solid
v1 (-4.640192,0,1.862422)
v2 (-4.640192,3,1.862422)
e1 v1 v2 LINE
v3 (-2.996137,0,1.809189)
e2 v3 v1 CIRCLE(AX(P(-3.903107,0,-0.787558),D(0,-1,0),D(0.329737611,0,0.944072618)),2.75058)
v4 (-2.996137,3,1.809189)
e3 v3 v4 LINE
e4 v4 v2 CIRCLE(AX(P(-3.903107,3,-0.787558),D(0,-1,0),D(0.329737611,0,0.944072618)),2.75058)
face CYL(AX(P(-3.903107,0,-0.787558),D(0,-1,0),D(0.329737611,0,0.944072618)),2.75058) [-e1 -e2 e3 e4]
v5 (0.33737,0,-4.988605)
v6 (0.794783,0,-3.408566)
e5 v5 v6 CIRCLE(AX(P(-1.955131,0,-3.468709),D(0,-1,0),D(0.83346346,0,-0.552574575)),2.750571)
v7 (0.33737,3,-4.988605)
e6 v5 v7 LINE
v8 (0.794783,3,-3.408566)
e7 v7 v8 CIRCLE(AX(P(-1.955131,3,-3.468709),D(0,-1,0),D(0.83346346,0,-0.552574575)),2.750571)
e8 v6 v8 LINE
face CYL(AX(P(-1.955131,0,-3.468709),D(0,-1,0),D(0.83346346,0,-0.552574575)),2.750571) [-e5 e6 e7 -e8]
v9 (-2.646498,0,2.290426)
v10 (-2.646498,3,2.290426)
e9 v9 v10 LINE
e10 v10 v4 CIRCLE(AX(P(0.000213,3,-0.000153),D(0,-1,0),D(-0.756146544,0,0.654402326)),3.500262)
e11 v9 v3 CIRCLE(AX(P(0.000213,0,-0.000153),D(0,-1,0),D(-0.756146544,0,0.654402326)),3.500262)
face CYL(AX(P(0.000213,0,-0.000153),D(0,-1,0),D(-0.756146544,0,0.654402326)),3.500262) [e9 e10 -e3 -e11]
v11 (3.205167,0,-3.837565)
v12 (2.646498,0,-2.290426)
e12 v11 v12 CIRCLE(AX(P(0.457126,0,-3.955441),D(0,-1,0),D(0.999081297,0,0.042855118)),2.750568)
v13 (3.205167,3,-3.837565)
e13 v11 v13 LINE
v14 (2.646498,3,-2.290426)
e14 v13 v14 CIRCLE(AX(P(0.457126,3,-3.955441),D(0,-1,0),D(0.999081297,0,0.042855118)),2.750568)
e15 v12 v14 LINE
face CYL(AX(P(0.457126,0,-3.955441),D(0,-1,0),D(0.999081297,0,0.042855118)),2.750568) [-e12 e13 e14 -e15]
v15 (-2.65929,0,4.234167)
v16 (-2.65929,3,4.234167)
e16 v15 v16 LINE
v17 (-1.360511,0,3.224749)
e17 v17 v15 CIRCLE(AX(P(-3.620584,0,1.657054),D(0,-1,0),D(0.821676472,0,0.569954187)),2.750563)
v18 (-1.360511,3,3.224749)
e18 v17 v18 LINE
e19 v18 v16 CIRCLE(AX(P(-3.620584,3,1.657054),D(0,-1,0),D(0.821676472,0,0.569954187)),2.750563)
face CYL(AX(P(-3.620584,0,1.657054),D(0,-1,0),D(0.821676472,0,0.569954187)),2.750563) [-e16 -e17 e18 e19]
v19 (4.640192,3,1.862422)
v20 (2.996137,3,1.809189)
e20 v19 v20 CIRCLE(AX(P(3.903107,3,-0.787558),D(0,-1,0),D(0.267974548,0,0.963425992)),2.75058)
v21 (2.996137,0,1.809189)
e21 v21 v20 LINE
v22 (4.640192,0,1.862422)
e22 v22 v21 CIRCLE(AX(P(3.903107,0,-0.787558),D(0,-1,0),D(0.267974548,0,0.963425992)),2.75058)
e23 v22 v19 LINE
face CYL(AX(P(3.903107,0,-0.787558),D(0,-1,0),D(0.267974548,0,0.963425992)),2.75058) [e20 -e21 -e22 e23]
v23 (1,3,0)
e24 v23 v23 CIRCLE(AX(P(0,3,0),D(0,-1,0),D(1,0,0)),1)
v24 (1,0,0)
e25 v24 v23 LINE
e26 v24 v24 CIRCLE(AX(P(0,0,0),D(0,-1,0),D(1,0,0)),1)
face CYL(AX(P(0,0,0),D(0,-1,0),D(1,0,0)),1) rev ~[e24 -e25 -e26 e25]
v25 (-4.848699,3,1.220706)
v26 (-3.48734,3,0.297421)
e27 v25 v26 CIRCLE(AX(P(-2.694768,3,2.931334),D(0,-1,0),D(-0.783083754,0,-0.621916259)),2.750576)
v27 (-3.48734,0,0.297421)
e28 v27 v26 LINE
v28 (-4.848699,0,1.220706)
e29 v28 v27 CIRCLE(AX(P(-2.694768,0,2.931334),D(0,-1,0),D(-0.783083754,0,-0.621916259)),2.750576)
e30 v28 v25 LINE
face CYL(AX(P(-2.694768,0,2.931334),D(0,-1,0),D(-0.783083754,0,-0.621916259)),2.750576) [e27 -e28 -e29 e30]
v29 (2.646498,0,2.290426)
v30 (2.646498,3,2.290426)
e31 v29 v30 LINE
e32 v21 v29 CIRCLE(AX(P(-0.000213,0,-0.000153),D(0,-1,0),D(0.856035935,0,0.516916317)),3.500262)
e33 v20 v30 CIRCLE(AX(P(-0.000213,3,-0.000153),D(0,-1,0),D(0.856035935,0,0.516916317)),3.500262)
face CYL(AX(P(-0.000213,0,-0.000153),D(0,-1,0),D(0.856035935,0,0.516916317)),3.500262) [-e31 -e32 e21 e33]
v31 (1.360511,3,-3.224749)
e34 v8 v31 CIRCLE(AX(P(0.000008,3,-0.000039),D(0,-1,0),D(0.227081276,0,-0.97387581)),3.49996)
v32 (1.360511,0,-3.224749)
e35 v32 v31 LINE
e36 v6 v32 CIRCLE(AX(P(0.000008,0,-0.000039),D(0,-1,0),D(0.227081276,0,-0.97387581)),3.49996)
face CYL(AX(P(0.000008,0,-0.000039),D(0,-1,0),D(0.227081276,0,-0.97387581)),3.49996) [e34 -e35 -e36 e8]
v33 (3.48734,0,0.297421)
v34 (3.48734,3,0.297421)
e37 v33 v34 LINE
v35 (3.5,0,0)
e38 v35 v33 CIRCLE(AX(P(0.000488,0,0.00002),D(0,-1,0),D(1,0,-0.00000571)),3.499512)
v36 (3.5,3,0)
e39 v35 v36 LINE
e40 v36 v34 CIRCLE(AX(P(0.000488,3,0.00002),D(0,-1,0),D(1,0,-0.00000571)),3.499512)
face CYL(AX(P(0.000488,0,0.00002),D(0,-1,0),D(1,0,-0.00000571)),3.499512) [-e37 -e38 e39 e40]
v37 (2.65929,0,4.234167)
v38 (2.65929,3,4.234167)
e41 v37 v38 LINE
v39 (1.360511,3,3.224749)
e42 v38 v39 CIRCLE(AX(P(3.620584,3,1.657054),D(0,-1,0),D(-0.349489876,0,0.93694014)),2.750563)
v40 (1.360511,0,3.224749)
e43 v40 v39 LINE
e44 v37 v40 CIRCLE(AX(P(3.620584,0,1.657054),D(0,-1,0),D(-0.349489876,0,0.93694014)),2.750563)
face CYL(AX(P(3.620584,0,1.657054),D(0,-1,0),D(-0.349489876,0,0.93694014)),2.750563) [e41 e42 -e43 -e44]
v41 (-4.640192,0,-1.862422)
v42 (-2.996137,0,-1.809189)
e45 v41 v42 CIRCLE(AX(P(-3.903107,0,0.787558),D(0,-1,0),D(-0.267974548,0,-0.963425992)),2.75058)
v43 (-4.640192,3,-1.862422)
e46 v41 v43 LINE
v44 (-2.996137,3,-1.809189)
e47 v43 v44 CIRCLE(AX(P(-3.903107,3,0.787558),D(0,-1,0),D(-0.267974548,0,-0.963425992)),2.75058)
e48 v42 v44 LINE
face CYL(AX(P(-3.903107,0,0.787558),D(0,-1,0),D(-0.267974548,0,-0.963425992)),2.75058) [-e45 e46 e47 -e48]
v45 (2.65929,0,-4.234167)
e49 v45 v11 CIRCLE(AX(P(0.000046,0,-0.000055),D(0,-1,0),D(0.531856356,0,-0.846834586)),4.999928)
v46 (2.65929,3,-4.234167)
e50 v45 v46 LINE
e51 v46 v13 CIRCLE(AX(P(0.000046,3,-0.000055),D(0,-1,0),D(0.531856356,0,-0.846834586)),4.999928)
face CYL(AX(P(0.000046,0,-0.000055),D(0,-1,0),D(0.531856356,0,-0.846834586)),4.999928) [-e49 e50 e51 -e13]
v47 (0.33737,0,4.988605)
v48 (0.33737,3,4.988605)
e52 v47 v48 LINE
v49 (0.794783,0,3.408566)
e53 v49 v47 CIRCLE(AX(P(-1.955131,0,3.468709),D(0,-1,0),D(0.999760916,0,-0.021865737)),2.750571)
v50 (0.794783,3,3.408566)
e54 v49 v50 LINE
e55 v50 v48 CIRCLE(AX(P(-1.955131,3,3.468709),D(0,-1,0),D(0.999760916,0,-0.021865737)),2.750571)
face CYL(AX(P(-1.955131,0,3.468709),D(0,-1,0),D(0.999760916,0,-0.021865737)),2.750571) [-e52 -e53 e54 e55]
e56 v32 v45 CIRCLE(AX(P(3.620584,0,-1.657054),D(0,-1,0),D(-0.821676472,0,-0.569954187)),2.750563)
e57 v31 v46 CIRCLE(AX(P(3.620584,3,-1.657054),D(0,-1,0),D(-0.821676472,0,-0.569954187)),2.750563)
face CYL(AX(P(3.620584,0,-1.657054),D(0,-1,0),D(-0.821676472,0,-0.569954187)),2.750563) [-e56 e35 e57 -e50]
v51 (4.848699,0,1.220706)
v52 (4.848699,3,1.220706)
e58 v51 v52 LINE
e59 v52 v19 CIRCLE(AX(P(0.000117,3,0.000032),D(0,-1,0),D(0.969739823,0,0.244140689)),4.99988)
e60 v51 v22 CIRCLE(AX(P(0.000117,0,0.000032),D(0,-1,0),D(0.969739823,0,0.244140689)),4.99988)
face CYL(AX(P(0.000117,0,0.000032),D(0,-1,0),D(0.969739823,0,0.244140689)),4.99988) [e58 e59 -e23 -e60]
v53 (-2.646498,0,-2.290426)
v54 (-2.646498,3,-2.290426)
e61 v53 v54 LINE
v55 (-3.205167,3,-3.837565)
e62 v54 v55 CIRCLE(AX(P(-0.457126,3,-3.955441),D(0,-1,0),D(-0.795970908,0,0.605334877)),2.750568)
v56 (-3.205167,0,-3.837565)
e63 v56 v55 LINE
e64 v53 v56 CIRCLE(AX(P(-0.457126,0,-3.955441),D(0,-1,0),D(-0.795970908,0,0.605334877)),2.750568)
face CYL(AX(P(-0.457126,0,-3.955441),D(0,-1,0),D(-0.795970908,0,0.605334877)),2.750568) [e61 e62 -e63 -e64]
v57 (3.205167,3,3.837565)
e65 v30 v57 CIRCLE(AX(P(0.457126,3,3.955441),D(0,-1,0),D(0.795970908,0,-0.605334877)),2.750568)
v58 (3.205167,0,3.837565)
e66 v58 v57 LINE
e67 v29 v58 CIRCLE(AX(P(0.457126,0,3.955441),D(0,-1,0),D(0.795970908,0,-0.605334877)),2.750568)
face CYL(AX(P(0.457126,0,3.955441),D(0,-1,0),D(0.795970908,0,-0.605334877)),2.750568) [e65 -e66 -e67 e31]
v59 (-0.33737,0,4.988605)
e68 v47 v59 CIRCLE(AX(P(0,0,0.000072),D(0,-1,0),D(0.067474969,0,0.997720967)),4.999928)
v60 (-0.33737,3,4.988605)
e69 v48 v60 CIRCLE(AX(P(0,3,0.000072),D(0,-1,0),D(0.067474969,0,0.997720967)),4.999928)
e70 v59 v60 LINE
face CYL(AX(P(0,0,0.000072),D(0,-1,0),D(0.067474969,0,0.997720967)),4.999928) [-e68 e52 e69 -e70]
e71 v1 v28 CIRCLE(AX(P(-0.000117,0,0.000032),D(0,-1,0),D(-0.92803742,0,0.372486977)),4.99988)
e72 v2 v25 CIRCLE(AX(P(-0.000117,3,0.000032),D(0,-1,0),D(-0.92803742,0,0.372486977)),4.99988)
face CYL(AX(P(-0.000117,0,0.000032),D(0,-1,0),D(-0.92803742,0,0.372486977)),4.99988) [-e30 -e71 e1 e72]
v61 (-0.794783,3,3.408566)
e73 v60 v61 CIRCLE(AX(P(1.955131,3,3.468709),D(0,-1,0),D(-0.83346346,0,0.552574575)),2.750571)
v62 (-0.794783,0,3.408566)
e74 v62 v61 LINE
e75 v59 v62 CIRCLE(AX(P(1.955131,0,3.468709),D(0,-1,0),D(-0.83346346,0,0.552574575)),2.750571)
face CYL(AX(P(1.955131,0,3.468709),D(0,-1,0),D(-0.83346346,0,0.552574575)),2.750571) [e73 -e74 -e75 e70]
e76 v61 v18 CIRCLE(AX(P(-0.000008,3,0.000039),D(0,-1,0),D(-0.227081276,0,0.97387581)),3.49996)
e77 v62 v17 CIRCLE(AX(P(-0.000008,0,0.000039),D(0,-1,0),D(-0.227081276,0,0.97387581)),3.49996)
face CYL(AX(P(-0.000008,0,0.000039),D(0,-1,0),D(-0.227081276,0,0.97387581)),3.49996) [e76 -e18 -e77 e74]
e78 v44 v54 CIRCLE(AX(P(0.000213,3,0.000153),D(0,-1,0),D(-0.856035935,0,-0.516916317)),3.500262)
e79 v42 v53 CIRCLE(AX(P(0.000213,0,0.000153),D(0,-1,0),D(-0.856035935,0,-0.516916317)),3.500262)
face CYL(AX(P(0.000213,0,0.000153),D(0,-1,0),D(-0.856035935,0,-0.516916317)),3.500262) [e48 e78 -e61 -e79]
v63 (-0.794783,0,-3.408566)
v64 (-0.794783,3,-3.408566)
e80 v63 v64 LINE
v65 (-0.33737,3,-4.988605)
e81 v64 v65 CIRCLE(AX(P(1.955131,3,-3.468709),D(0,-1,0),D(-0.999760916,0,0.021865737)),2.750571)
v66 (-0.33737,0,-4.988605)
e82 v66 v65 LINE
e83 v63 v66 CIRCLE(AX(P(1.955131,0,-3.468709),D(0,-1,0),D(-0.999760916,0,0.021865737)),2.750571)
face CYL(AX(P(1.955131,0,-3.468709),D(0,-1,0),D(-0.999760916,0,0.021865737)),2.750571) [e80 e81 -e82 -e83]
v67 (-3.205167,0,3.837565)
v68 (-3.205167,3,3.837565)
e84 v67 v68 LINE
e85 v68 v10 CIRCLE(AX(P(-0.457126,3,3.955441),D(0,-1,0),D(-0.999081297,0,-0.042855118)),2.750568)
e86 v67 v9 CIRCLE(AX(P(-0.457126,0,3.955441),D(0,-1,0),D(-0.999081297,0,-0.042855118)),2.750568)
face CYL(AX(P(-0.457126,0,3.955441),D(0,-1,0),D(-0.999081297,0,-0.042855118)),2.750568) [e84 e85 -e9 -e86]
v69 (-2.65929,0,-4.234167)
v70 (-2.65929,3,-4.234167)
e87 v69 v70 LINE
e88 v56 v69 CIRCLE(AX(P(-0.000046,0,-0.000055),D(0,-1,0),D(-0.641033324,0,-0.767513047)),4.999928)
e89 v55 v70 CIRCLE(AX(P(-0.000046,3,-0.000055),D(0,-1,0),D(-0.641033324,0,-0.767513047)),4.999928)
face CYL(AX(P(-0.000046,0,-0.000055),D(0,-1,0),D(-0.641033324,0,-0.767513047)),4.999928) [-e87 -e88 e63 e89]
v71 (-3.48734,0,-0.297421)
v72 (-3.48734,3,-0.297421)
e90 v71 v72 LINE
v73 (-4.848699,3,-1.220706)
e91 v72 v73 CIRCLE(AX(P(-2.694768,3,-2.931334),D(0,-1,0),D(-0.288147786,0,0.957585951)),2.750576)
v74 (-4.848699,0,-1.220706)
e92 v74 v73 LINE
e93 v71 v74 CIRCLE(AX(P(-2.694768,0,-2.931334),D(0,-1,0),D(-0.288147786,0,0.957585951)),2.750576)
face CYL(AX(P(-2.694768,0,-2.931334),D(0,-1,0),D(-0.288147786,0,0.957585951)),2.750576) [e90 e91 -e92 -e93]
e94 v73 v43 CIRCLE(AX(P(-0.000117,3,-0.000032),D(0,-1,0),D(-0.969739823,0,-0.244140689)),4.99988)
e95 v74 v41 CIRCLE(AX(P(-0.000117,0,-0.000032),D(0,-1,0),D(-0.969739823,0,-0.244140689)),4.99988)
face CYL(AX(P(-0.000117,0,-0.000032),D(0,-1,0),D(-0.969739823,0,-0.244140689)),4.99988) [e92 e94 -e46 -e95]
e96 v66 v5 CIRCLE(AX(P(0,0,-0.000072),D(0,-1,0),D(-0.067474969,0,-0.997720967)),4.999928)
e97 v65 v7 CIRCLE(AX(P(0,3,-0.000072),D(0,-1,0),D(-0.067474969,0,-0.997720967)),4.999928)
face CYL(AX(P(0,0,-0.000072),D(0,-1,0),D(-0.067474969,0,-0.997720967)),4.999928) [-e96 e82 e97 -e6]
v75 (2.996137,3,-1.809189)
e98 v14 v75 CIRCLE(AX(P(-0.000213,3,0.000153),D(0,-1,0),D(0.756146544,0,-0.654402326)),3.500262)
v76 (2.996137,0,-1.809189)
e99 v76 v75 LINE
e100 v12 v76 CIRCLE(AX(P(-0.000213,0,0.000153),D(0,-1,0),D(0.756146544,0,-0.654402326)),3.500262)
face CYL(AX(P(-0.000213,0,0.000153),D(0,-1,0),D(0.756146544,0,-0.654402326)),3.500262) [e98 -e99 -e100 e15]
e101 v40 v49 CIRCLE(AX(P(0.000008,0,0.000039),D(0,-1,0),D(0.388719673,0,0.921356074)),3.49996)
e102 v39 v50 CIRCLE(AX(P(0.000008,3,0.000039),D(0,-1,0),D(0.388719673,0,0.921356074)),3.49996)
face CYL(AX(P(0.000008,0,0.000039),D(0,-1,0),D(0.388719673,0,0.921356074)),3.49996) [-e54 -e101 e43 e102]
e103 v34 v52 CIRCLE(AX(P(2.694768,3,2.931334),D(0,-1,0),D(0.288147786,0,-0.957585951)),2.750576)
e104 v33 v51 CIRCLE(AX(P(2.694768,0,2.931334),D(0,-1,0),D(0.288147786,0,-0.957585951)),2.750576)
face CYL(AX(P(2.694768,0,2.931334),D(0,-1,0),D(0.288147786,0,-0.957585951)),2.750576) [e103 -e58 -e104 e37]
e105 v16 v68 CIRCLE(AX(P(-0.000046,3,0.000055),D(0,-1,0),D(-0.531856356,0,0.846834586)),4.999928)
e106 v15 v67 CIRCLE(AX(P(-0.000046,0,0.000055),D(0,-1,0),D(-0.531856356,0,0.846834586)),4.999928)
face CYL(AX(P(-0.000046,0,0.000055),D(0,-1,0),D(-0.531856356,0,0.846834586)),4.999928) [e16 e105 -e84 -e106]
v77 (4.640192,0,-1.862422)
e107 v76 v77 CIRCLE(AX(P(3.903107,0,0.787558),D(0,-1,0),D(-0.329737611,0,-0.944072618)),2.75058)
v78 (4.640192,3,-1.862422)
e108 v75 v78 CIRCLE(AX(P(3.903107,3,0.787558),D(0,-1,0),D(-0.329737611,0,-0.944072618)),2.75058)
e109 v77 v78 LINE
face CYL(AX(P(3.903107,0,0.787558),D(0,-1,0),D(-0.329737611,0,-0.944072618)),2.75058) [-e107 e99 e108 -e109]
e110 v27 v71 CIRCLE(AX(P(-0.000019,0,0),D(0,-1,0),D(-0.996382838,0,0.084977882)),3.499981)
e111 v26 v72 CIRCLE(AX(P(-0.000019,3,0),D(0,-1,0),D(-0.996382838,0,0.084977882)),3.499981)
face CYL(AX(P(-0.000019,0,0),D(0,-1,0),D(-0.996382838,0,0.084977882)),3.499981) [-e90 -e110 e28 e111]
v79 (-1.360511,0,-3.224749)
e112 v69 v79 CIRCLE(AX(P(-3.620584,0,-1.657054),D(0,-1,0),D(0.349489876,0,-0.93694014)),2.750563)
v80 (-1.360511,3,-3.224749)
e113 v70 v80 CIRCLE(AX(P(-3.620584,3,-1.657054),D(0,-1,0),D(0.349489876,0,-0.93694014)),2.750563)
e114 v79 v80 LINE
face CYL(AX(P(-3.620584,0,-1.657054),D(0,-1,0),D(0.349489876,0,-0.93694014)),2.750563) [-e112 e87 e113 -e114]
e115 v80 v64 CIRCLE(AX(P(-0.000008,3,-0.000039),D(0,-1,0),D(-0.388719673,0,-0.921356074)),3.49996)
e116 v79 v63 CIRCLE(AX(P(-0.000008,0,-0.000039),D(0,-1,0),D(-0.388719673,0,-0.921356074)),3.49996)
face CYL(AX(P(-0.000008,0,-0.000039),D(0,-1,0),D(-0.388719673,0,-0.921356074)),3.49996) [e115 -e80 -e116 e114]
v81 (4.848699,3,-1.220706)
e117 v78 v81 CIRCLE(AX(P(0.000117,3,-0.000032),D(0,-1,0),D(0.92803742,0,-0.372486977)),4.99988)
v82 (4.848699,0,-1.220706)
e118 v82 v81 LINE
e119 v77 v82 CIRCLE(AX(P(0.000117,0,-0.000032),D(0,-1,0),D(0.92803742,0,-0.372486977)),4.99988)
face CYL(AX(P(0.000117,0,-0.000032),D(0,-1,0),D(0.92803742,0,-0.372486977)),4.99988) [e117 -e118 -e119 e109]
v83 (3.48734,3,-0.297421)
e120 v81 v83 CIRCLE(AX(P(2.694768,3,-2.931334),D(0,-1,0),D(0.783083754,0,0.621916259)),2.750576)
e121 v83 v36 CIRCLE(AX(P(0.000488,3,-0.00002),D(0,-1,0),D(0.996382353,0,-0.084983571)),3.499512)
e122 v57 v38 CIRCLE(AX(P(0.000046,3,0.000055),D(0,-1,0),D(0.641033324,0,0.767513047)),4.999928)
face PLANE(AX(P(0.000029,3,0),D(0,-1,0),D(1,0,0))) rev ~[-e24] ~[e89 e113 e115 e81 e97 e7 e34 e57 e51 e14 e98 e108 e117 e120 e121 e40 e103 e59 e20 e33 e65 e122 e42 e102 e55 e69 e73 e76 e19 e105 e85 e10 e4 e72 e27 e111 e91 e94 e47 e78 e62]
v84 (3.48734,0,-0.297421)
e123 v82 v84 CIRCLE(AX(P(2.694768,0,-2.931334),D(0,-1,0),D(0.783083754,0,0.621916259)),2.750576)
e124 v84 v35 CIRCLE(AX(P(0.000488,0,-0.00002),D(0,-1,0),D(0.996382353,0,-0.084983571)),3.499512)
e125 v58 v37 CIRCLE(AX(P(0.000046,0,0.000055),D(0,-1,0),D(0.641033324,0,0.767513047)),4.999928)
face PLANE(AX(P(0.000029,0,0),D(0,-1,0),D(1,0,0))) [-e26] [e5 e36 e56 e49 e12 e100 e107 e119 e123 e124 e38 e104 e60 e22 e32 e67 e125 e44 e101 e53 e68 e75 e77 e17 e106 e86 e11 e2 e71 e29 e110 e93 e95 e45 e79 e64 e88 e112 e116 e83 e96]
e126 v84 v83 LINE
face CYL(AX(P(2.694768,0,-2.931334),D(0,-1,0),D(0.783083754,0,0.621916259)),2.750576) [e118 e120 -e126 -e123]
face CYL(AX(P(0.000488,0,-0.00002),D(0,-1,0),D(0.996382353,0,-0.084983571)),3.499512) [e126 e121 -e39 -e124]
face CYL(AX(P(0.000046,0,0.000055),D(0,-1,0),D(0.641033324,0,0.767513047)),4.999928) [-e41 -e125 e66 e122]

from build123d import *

# Parameters (mm, degrees)
F1_DEPTH = 3
F2_R     = 1
F3_DEPTH = 3.001


with BuildPart() as f1:
    # F0 (on Front) → F1 (new body)
    with BuildSketch(Plane.XZ):
        with BuildLine():
            ThreePointArc((3.48734, -0.297421), (3.496834, -0.148845), (3.5, 0))
            ThreePointArc((3.5, 0), (3.496834, 0.148845), (3.48734, 0.297421))
            ThreePointArc((3.48734, 0.297421), (3.328698, 1.081559), (2.996137, 1.809189))
            ThreePointArc((2.996137, 1.809189), (2.831559, 2.057248), (2.646498, 2.290426))
            ThreePointArc((2.646498, 2.290426), (2.057248, 2.831559), (1.360511, 3.224749))
            ThreePointArc((1.360511, 3.224749), (1.081559, 3.328698), (0.794783, 3.408566))
            ThreePointArc((0.794783, 3.408566), (0, 3.5), (-0.794783, 3.408566))
            ThreePointArc((-0.794783, 3.408566), (-1.081559, 3.328698), (-1.360511, 3.224749))
            ThreePointArc((-1.360511, 3.224749), (-2.057248, 2.831559), (-2.646498, 2.290426))
            ThreePointArc((-2.646498, 2.290426), (-2.831559, 2.057248), (-2.996137, 1.809189))
            ThreePointArc((-2.996137, 1.809189), (-3.328698, 1.081559), (-3.48734, 0.297421))
            ThreePointArc((-3.48734, 0.297421), (-3.5, 0), (-3.48734, -0.297421))
            ThreePointArc((-3.48734, -0.297421), (-3.328698, -1.081559), (-2.996137, -1.809189))
            ThreePointArc((-2.996137, -1.809189), (-2.831559, -2.057248), (-2.646498, -2.290426))
            ThreePointArc((-2.646498, -2.290426), (-2.057248, -2.831559), (-1.360511, -3.224749))
            ThreePointArc((-1.360511, -3.224749), (-1.081559, -3.328698), (-0.794783, -3.408566))
            ThreePointArc((-0.794783, -3.408566), (0, -3.5), (0.794783, -3.408566))
            ThreePointArc((0.794783, -3.408566), (1.081559, -3.328698), (1.360511, -3.224749))
            ThreePointArc((1.360511, -3.224749), (2.057248, -2.831559), (2.646498, -2.290426))
            ThreePointArc((2.646498, -2.290426), (2.831559, -2.057248), (2.996137, -1.809189))
            ThreePointArc((2.996137, -1.809189), (3.328698, -1.081559), (3.48734, -0.297421))
        make_face()
        with BuildLine():
            ThreePointArc((2.996137, 1.809189), (3.328698, 1.081559), (3.48734, 0.297421))
            ThreePointArc((3.48734, 0.297421), (4.238654, 0.654915), (4.848699, 1.220706))
            ThreePointArc((4.848699, 1.220706), (4.755283, 1.545085), (4.640192, 1.862422))
            ThreePointArc((4.640192, 1.862422), (3.814092, 1.961581), (2.996137, 1.809189))
        make_face()
        with BuildLine():
            ThreePointArc((4.848699, -1.220706), (4.238654, -0.654915), (3.48734, -0.297421))
            ThreePointArc((3.48734, -0.297421), (3.328698, -1.081559), (2.996137, -1.809189))
            ThreePointArc((2.996137, -1.809189), (3.814092, -1.961581), (4.640192, -1.862422))
            ThreePointArc((4.640192, -1.862422), (4.755283, -1.545085), (4.848699, -1.220706))
        make_face()
        with BuildLine():
            ThreePointArc((1.360511, 3.224749), (2.057248, 2.831559), (2.646498, 2.290426))
            ThreePointArc((2.646498, 2.290426), (3.044194, 3.021255), (3.205167, 3.837565))
            ThreePointArc((3.205167, 3.837565), (2.938926, 4.045085), (2.65929, 4.234167))
            ThreePointArc((2.65929, 4.234167), (1.932677, 3.82882), (1.360511, 3.224749))
        make_face()
        with BuildLine():
            ThreePointArc((3.205167, -3.837565), (3.044194, -3.021255), (2.646498, -2.290426))
            ThreePointArc((2.646498, -2.290426), (2.057248, -2.831559), (1.360511, -3.224749))
            ThreePointArc((1.360511, -3.224749), (1.932677, -3.82882), (2.65929, -4.234167))
            ThreePointArc((2.65929, -4.234167), (2.938926, -4.045085), (3.205167, -3.837565))
        make_face()
        with BuildLine():
            ThreePointArc((-0.794783, 3.408566), (0, 3.5), (0.794783, 3.408566))
            ThreePointArc((0.794783, 3.408566), (0.686955, 4.233579), (0.33737, 4.988605))
            ThreePointArc((0.33737, 4.988605), (0, 5), (-0.33737, 4.988605))
            ThreePointArc((-0.33737, 4.988605), (-0.686955, 4.233579), (-0.794783, 3.408566))
        make_face()
        with BuildLine():
            ThreePointArc((0.33737, -4.988605), (0.686955, -4.233579), (0.794783, -3.408566))
            ThreePointArc((0.794783, -3.408566), (0, -3.5), (-0.794783, -3.408566))
            ThreePointArc((-0.794783, -3.408566), (-0.686955, -4.233579), (-0.33737, -4.988605))
            ThreePointArc((-0.33737, -4.988605), (0, -5), (0.33737, -4.988605))
        make_face()
        with BuildLine():
            ThreePointArc((-2.646498, 2.290426), (-2.057248, 2.831559), (-1.360511, 3.224749))
            ThreePointArc((-1.360511, 3.224749), (-1.932677, 3.82882), (-2.65929, 4.234167))
            ThreePointArc((-2.65929, 4.234167), (-2.938926, 4.045085), (-3.205167, 3.837565))
            ThreePointArc((-3.205167, 3.837565), (-3.044194, 3.021255), (-2.646498, 2.290426))
        make_face()
        with BuildLine():
            ThreePointArc((-2.65929, -4.234167), (-1.932677, -3.82882), (-1.360511, -3.224749))
            ThreePointArc((-1.360511, -3.224749), (-2.057248, -2.831559), (-2.646498, -2.290426))
            ThreePointArc((-2.646498, -2.290426), (-3.044194, -3.021255), (-3.205167, -3.837565))
            ThreePointArc((-3.205167, -3.837565), (-2.938926, -4.045085), (-2.65929, -4.234167))
        make_face()
        with BuildLine():
            ThreePointArc((-3.48734, 0.297421), (-3.328698, 1.081559), (-2.996137, 1.809189))
            ThreePointArc((-2.996137, 1.809189), (-3.814092, 1.961581), (-4.640192, 1.862422))
            ThreePointArc((-4.640192, 1.862422), (-4.755283, 1.545085), (-4.848699, 1.220706))
            ThreePointArc((-4.848699, 1.220706), (-4.238654, 0.654915), (-3.48734, 0.297421))
        make_face()
        with BuildLine():
            ThreePointArc((-4.640192, -1.862422), (-3.814092, -1.961581), (-2.996137, -1.809189))
            ThreePointArc((-2.996137, -1.809189), (-3.328698, -1.081559), (-3.48734, -0.297421))
            ThreePointArc((-3.48734, -0.297421), (-4.238654, -0.654915), (-4.848699, -1.220706))
            ThreePointArc((-4.848699, -1.220706), (-4.755283, -1.545085), (-4.640192, -1.862422))
        make_face()
    extrude(amount=-F1_DEPTH)

    # F2 (on face) → F3 (cut, through all)
    with BuildSketch(Plane.XZ):
        Circle(F2_R)
    extrude(amount=-F3_DEPTH, mode=Mode.SUBTRACT)


solid = f1.part
